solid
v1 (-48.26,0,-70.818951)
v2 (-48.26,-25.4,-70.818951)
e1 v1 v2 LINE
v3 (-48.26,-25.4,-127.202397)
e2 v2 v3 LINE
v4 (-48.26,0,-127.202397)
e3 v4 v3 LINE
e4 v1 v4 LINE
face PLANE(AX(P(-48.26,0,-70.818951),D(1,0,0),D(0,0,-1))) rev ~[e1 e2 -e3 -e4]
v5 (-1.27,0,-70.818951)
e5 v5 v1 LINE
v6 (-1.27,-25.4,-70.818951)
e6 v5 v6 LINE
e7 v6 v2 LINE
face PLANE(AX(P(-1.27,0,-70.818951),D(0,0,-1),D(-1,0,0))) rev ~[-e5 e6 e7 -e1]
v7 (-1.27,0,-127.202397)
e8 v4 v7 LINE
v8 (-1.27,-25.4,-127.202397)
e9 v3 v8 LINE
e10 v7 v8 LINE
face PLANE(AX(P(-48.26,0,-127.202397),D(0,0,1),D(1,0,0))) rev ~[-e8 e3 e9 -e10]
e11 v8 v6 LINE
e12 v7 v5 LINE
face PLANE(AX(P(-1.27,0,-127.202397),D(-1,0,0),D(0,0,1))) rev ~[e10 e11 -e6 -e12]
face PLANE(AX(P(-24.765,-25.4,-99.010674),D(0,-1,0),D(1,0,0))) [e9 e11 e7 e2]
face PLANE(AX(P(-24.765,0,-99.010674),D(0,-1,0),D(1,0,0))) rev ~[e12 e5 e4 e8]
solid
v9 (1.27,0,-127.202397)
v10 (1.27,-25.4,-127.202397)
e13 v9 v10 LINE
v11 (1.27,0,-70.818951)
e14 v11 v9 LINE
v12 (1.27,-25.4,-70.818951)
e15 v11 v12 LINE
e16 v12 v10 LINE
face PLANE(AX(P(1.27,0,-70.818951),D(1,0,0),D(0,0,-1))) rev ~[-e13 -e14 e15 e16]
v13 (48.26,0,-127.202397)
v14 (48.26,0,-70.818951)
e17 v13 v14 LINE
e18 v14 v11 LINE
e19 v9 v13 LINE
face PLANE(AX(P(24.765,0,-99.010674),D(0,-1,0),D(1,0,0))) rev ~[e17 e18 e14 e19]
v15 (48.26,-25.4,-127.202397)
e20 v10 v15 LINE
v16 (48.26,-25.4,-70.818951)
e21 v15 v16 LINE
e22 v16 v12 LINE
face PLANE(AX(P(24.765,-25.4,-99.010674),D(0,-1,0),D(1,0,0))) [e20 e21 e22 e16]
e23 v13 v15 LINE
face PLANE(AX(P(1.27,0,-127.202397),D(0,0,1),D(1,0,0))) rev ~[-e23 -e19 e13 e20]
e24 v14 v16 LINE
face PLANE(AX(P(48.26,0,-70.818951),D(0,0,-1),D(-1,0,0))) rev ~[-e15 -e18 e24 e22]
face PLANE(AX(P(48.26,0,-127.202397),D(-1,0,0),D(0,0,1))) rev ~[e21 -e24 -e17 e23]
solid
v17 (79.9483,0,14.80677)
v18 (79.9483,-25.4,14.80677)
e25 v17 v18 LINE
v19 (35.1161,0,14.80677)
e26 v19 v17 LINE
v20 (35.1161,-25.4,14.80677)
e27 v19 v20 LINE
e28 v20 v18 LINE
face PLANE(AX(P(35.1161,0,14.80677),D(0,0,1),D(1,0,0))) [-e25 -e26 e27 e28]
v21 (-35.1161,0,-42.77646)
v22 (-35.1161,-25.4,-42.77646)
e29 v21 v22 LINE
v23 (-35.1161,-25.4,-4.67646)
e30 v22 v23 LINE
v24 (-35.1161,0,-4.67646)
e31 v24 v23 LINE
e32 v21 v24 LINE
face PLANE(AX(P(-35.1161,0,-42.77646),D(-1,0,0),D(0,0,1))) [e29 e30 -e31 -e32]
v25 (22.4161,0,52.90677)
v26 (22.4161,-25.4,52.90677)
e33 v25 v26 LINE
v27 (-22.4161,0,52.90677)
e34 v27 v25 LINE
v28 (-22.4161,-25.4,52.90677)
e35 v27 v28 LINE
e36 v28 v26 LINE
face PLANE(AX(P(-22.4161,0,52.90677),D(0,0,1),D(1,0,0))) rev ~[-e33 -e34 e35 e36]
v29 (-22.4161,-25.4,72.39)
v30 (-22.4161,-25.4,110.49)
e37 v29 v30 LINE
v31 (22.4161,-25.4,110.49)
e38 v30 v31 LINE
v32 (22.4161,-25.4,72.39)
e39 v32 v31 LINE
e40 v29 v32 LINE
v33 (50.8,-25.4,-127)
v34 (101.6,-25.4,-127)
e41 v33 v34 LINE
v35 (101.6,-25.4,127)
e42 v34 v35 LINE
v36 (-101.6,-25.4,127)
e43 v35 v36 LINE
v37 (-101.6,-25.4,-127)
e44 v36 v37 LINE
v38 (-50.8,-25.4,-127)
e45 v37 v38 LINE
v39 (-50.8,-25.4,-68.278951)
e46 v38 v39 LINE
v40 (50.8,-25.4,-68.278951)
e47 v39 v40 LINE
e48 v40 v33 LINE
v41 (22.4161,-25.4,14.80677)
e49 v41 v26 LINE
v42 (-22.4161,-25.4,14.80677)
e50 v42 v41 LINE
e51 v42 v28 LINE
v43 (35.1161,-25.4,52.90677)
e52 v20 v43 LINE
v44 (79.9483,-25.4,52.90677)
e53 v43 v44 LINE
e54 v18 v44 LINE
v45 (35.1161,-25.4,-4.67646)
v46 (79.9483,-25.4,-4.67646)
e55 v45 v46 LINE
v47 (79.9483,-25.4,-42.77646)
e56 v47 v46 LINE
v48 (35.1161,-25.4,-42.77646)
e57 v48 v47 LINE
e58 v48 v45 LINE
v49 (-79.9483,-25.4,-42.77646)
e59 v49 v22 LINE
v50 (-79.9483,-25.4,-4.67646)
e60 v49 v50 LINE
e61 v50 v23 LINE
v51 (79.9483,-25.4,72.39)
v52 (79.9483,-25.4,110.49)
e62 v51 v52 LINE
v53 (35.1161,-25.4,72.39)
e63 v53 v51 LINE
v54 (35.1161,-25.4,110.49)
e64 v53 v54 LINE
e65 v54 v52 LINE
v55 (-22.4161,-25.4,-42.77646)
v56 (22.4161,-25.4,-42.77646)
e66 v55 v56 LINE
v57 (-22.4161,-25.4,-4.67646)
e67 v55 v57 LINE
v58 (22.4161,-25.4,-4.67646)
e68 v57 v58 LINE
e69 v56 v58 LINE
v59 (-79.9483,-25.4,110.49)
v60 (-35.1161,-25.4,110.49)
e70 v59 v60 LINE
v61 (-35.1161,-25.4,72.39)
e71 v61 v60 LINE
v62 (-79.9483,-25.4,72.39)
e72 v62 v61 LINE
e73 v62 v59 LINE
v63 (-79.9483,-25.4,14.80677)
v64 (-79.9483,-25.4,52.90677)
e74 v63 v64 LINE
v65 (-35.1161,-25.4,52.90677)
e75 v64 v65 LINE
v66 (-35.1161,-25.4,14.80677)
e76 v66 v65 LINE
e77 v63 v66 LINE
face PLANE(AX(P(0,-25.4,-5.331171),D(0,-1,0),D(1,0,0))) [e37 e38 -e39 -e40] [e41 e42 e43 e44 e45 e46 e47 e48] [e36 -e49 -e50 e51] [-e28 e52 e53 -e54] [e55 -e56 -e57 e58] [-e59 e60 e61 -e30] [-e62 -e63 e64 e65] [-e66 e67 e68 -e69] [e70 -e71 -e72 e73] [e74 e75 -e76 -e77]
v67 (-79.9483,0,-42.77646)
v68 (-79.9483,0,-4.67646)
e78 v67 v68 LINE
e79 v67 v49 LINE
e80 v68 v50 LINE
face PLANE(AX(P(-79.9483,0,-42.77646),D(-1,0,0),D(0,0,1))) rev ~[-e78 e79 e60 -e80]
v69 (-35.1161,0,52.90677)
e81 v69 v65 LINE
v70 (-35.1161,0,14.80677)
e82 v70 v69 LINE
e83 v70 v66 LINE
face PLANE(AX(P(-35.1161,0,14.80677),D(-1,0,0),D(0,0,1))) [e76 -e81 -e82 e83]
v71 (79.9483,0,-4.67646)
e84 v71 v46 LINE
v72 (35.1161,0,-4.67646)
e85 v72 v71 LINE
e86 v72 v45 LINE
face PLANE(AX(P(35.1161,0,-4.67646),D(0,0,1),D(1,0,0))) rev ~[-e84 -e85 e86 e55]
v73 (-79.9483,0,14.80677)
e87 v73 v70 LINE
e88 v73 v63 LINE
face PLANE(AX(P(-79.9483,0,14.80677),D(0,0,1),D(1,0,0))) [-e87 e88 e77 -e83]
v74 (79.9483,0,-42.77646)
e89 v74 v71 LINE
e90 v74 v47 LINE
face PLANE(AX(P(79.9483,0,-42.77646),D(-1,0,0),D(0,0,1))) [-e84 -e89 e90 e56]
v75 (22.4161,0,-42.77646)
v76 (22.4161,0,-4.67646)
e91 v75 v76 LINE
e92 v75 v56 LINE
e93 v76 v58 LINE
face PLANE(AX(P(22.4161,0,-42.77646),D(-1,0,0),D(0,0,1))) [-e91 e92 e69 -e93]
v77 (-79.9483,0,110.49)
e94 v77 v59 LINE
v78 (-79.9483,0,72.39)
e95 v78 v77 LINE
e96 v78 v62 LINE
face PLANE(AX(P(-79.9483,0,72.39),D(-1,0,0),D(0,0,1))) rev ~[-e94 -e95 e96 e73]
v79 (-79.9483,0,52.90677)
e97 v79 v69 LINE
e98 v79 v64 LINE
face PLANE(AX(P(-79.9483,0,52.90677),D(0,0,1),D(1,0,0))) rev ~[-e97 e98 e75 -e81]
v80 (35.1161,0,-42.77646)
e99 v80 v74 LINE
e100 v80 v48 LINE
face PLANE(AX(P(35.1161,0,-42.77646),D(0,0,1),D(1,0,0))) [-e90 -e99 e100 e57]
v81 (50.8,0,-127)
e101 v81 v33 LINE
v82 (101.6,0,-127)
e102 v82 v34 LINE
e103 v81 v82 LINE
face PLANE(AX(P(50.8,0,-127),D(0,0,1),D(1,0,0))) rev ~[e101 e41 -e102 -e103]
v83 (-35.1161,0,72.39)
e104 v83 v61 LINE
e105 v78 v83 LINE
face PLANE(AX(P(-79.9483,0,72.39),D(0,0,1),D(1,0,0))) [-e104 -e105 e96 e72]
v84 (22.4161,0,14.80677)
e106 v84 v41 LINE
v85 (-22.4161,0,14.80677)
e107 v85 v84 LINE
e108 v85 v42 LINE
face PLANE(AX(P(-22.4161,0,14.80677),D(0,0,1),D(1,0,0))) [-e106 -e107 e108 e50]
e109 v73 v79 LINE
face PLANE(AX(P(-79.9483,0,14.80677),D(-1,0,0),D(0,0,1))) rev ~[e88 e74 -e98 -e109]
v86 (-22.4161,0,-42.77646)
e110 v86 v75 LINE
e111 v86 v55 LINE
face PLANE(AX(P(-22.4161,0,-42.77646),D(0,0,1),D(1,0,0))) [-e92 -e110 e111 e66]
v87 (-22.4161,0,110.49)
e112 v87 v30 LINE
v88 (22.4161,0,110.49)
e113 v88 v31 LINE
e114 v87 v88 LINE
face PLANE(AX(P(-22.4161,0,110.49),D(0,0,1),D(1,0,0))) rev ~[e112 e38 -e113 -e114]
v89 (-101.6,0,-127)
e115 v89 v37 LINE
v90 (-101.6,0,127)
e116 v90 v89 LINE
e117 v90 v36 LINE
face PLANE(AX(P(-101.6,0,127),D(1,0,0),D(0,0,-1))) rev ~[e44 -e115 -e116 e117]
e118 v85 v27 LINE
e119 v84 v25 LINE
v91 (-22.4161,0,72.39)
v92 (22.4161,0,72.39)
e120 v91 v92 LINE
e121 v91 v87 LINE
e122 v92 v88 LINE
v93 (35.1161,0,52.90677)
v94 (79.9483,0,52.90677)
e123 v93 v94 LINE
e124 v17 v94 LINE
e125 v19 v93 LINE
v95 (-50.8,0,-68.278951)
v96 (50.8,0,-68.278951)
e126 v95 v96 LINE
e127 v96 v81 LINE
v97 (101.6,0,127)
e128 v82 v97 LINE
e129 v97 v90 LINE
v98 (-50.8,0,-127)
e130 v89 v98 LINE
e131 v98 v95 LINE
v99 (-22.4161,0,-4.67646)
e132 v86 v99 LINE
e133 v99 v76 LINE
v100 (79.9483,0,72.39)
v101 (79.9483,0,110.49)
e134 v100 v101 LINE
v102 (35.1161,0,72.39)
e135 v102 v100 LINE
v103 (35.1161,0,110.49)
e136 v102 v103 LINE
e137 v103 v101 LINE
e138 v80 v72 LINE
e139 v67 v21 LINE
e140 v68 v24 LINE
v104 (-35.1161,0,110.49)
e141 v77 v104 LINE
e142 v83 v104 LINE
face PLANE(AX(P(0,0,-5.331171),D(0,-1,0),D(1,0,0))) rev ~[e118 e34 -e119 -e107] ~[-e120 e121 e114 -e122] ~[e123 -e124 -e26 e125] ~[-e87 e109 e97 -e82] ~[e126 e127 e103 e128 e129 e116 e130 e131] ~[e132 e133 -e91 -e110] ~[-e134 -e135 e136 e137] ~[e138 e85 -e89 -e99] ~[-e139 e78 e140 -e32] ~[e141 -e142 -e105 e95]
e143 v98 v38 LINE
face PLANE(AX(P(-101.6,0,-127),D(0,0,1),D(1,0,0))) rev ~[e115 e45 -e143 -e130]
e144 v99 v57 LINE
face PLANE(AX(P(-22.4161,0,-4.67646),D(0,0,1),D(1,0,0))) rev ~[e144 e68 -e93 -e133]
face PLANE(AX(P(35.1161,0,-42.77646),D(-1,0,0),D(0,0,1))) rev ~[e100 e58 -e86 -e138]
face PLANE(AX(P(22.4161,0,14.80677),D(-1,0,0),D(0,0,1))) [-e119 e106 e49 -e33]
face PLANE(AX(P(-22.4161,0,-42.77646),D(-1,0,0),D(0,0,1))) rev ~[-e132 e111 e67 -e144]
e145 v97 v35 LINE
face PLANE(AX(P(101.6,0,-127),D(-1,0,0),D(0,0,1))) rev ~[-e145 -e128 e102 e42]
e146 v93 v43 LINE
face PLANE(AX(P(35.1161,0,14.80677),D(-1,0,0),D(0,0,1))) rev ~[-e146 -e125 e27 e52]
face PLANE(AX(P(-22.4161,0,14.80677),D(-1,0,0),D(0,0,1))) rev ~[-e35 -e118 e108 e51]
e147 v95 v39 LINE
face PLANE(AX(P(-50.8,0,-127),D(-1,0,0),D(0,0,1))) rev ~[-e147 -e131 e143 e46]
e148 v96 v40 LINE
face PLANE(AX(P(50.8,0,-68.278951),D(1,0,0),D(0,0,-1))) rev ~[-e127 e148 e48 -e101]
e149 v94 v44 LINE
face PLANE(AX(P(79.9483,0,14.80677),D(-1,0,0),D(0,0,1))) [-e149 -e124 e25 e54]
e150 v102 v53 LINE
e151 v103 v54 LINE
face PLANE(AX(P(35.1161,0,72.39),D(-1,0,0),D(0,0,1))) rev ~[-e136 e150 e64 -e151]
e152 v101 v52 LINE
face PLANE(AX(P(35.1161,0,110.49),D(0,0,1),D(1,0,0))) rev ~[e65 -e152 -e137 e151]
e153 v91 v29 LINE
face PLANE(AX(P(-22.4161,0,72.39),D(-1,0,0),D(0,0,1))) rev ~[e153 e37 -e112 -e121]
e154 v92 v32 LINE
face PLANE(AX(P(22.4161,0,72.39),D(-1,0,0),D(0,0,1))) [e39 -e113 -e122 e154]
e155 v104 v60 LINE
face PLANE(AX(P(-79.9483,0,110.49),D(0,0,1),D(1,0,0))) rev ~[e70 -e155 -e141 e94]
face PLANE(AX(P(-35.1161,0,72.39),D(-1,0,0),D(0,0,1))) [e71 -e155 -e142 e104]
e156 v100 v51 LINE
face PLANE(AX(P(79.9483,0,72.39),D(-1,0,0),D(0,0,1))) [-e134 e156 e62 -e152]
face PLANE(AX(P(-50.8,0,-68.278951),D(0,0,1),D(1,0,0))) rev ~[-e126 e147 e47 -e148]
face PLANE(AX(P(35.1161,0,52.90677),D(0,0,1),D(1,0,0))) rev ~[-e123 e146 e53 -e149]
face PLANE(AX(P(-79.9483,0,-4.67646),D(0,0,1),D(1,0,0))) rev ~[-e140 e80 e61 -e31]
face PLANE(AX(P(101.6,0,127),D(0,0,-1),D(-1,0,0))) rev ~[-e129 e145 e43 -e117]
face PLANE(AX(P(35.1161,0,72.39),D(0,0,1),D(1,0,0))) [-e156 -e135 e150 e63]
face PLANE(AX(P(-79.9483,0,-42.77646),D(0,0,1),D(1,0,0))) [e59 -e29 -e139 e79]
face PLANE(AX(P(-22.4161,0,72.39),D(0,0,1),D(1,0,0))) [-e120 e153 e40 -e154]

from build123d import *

# Parameters (mm, degrees)
F0_W     = 44.8322
F0_H     = 38.1
F1_DEPTH = 25.4


with BuildPart() as f1:
    # F0 (on Front) → F1 (new body)
    with BuildSketch(Plane.XZ):
        Polygon((101.6, 127), (-101.6, 127), (-101.6, -127), (-50.8, -127), (-50.8, -68.278951), (50.8, -68.278951), (50.8, -127), (101.6, -127), align=None)
        with Locations((-57.5322, -23.72646)):
            Rectangle(F0_W, F0_H, mode=Mode.SUBTRACT)
        with Locations((0, -23.72646)):
            Rectangle(F0_W, F0_H, mode=Mode.SUBTRACT)
        with Locations((57.5322, -23.72646)):
            Rectangle(F0_W, F0_H, mode=Mode.SUBTRACT)
        with Locations((-57.5322, 33.85677)):
            Rectangle(F0_W, F0_H, mode=Mode.SUBTRACT)
        with Locations((0, 33.85677)):
            Rectangle(F0_W, F0_H, mode=Mode.SUBTRACT)
        with Locations((-57.5322, 91.44)):
            Rectangle(F0_W, F0_H, mode=Mode.SUBTRACT)
        with Locations((0, 91.44)):
            Rectangle(F0_W, F0_H, mode=Mode.SUBTRACT)
        with Locations((57.5322, 33.85677)):
            Rectangle(F0_W, F0_H, mode=Mode.SUBTRACT)
        with Locations((57.5322, 91.44)):
            Rectangle(F0_W, F0_H, mode=Mode.SUBTRACT)
        Polygon((-48.26, -70.818951), (-48.26, -127.202397), (-1.27, -127.202397), (-1.27, -127), (-1.27, -70.818951), align=None)
        Polygon((1.27, -127.202397), (48.26, -127.202397), (48.26, -70.818951), (1.27, -70.818951), (1.27, -127), align=None)
    extrude(amount=F1_DEPTH)


solid = f1.part
